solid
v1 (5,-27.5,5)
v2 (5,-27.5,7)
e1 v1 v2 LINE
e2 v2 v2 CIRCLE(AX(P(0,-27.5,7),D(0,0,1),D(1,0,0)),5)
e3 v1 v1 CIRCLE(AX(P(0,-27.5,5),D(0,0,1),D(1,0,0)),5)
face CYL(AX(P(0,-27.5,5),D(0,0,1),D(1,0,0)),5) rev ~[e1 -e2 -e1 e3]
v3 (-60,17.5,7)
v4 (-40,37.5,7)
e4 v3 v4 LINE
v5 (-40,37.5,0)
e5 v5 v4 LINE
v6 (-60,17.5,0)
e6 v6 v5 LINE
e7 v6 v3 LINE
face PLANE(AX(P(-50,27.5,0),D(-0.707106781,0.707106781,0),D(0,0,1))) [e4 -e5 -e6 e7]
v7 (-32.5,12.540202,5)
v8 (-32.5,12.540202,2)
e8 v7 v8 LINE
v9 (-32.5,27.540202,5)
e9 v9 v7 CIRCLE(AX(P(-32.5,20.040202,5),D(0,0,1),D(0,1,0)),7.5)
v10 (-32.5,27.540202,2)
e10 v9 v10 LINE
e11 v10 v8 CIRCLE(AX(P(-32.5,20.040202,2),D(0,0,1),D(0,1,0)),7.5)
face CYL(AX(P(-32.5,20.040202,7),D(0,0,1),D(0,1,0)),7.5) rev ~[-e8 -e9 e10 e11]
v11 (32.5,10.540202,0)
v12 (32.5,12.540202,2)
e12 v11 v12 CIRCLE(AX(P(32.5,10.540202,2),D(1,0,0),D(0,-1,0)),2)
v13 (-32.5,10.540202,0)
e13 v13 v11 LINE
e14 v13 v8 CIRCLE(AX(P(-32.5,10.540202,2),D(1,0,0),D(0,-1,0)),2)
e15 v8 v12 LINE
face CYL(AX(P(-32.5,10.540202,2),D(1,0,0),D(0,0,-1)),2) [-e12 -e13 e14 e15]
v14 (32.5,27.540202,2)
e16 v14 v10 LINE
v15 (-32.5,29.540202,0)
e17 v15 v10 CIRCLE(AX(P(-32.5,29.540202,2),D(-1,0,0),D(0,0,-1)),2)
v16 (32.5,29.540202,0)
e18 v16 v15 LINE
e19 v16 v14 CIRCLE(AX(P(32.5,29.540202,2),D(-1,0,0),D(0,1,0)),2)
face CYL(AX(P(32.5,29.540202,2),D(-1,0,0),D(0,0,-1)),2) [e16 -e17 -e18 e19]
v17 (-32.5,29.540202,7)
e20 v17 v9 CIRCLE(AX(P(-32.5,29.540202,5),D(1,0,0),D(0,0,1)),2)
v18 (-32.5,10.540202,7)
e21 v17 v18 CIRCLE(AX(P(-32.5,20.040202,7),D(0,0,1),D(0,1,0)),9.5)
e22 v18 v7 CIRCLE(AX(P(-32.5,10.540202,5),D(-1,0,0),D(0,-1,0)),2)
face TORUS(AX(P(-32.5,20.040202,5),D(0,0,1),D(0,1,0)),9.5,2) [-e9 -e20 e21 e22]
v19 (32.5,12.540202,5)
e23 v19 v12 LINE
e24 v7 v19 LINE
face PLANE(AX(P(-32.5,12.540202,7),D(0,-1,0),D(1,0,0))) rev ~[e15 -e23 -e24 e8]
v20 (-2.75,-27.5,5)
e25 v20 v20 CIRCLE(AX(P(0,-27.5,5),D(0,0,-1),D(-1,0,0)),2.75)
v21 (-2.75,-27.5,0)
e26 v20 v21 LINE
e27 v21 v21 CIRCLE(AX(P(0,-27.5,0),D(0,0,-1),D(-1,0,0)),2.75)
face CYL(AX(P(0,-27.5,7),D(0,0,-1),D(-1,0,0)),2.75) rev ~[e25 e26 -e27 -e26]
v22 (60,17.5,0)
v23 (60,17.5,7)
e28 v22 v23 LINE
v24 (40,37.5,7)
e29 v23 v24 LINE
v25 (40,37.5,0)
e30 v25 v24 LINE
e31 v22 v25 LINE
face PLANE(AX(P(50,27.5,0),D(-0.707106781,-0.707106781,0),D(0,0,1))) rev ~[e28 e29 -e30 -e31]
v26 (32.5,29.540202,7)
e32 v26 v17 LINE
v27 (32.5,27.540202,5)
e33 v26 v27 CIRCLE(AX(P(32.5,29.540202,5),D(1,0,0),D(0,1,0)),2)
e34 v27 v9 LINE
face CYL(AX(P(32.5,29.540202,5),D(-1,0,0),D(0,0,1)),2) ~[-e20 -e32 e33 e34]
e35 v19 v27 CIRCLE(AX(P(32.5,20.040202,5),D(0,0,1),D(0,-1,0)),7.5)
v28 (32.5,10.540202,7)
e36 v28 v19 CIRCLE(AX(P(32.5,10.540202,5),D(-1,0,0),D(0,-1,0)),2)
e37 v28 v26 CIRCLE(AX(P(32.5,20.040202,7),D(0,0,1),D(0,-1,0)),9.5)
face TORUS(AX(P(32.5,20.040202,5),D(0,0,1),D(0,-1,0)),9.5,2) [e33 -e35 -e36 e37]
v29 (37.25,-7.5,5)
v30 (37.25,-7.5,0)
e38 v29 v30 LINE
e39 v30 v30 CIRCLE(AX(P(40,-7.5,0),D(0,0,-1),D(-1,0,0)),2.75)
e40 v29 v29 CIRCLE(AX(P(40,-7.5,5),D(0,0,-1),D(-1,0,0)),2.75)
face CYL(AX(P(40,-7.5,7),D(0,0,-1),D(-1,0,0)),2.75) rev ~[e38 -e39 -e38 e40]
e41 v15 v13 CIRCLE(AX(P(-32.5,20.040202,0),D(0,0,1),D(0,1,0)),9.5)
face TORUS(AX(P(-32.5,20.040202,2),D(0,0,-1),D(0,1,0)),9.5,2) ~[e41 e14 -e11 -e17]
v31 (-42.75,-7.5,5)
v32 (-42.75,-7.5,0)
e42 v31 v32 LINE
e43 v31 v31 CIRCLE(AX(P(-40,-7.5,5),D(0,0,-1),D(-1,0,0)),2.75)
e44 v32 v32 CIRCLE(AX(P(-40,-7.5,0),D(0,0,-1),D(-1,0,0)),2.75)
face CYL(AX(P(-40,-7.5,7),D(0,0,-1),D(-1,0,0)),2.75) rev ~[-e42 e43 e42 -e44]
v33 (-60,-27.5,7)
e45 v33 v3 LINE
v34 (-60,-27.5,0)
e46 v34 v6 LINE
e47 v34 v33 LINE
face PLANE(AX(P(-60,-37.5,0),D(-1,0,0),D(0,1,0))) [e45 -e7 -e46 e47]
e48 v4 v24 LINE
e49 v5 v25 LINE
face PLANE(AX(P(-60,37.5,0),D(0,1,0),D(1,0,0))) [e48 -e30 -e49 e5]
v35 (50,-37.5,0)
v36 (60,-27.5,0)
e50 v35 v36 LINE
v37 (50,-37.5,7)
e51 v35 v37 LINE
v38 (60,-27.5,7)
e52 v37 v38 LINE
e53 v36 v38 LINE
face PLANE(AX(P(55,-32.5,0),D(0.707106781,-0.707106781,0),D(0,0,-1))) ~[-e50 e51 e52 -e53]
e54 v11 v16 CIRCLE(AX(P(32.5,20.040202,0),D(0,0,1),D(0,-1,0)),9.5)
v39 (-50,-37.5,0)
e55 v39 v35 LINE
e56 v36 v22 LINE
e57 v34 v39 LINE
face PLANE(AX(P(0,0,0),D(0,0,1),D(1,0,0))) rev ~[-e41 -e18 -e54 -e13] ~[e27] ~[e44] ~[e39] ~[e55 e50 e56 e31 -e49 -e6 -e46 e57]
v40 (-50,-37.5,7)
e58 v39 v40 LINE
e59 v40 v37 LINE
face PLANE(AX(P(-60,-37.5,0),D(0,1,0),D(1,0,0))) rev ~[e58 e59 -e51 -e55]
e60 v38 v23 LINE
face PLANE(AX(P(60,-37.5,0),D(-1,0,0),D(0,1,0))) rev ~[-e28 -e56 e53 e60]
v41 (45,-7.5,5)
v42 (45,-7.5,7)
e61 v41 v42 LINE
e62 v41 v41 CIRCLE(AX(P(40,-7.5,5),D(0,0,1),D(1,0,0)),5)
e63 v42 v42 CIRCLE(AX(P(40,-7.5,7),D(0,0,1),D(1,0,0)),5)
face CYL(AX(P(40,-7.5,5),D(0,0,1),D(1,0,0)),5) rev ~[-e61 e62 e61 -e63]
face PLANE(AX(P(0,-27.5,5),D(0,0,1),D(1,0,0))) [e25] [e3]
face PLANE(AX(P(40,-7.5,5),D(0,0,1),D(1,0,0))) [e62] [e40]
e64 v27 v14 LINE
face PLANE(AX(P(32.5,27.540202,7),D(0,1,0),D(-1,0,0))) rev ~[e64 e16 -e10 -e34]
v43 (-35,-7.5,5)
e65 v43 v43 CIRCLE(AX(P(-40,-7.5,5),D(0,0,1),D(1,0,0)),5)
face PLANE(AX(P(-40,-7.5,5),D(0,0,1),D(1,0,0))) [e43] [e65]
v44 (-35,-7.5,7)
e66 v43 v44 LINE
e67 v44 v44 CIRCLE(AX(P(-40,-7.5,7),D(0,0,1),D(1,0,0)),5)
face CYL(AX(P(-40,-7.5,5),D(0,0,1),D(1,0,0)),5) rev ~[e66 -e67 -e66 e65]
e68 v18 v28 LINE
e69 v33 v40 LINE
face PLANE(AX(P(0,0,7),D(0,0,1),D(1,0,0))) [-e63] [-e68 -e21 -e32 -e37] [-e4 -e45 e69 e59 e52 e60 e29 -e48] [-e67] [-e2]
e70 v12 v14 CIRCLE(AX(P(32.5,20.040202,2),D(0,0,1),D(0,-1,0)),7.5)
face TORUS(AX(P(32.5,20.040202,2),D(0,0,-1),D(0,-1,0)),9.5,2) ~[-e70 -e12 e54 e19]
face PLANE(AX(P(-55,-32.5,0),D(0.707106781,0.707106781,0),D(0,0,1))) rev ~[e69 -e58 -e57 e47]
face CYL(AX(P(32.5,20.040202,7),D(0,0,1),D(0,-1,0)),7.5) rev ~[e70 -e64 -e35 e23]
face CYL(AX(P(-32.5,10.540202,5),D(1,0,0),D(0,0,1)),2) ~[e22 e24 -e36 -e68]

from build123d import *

# Parameters (mm, degrees)
F0_W           = 120
F0_H           = 75
F1_DEPTH       = 7
F2_SIZE        = 20
F3_W           = 65
F3_H           = 0.0804045208
F4_DEPTH       = 25
F5_DEPTH       = 5
F6_SIZE        = 10
F7_R           = 2
F9_D           = 5.5
F9_CBORE_D     = 10
F9_CBORE_DEPTH = 2


with BuildPart() as f1:
    # F0 (on Top) → F1 (new body)
    with BuildSketch(Plane.XY):
        Rectangle(F0_W, F0_H)
    extrude(amount=F1_DEPTH)

    # F2
    f2_edges = [f1.edges().sort_by_distance(p)[0] for p in [
        (-60, 37.5, 3.5),
        (60, 37.5, 3.5),
    ]]
    chamfer(f2_edges, length=F2_SIZE)

    # F3 (on face) → F4 (cut)
    with BuildSketch(Plane.XY.offset(7)):
        with BuildLine():
            ThreePointArc((32.5, 12.5402022604), (40, 20.0402022604), (32.5, 27.5402022604))
            Line((32.5, 27.5402022604), (-32.5, 27.5402022604))
            ThreePointArc((-32.5, 27.5402022604), (-40, 20.0402022604), (-32.5, 12.5402022604))
            Line((-32.5, 12.5402022604), (32.5, 12.5402022604))
        make_face()
        with Locations((0, 20)):
            Rectangle(F3_W, F3_H, mode=Mode.SUBTRACT)
    extrude(amount=-F4_DEPTH, mode=Mode.SUBTRACT)

    # F5 (cut): a face of the model
    f5_faces = [f1.faces().sort_by_distance(p)[0] for p in [
        (0, 20.0402022604, 3.5),
    ]]
    extrude(f5_faces, amount=-F5_DEPTH, mode=Mode.SUBTRACT)

    # F6
    f6_edges = [f1.edges().sort_by_distance(p)[0] for p in [
        (-60, -37.5, 3.5),
        (60, -37.5, 3.5),
    ]]
    chamfer(f6_edges, length=F6_SIZE)

    # F7
    f7_edges = [f1.edges().sort_by_distance(p)[0] for p in [
        (40, 20.040202, 7),
        (40, 20.040202, 0),
    ]]
    fillet(f7_edges, radius=F7_R)

    # F9 (through all)
    with Locations(Plane.XY.offset(7)):
        with Locations((-40, -7.5), (0, -27.5), (40, -7.5)):
            CounterBoreHole(F9_D / 2, F9_CBORE_D / 2, F9_CBORE_DEPTH)


solid = f1.part
